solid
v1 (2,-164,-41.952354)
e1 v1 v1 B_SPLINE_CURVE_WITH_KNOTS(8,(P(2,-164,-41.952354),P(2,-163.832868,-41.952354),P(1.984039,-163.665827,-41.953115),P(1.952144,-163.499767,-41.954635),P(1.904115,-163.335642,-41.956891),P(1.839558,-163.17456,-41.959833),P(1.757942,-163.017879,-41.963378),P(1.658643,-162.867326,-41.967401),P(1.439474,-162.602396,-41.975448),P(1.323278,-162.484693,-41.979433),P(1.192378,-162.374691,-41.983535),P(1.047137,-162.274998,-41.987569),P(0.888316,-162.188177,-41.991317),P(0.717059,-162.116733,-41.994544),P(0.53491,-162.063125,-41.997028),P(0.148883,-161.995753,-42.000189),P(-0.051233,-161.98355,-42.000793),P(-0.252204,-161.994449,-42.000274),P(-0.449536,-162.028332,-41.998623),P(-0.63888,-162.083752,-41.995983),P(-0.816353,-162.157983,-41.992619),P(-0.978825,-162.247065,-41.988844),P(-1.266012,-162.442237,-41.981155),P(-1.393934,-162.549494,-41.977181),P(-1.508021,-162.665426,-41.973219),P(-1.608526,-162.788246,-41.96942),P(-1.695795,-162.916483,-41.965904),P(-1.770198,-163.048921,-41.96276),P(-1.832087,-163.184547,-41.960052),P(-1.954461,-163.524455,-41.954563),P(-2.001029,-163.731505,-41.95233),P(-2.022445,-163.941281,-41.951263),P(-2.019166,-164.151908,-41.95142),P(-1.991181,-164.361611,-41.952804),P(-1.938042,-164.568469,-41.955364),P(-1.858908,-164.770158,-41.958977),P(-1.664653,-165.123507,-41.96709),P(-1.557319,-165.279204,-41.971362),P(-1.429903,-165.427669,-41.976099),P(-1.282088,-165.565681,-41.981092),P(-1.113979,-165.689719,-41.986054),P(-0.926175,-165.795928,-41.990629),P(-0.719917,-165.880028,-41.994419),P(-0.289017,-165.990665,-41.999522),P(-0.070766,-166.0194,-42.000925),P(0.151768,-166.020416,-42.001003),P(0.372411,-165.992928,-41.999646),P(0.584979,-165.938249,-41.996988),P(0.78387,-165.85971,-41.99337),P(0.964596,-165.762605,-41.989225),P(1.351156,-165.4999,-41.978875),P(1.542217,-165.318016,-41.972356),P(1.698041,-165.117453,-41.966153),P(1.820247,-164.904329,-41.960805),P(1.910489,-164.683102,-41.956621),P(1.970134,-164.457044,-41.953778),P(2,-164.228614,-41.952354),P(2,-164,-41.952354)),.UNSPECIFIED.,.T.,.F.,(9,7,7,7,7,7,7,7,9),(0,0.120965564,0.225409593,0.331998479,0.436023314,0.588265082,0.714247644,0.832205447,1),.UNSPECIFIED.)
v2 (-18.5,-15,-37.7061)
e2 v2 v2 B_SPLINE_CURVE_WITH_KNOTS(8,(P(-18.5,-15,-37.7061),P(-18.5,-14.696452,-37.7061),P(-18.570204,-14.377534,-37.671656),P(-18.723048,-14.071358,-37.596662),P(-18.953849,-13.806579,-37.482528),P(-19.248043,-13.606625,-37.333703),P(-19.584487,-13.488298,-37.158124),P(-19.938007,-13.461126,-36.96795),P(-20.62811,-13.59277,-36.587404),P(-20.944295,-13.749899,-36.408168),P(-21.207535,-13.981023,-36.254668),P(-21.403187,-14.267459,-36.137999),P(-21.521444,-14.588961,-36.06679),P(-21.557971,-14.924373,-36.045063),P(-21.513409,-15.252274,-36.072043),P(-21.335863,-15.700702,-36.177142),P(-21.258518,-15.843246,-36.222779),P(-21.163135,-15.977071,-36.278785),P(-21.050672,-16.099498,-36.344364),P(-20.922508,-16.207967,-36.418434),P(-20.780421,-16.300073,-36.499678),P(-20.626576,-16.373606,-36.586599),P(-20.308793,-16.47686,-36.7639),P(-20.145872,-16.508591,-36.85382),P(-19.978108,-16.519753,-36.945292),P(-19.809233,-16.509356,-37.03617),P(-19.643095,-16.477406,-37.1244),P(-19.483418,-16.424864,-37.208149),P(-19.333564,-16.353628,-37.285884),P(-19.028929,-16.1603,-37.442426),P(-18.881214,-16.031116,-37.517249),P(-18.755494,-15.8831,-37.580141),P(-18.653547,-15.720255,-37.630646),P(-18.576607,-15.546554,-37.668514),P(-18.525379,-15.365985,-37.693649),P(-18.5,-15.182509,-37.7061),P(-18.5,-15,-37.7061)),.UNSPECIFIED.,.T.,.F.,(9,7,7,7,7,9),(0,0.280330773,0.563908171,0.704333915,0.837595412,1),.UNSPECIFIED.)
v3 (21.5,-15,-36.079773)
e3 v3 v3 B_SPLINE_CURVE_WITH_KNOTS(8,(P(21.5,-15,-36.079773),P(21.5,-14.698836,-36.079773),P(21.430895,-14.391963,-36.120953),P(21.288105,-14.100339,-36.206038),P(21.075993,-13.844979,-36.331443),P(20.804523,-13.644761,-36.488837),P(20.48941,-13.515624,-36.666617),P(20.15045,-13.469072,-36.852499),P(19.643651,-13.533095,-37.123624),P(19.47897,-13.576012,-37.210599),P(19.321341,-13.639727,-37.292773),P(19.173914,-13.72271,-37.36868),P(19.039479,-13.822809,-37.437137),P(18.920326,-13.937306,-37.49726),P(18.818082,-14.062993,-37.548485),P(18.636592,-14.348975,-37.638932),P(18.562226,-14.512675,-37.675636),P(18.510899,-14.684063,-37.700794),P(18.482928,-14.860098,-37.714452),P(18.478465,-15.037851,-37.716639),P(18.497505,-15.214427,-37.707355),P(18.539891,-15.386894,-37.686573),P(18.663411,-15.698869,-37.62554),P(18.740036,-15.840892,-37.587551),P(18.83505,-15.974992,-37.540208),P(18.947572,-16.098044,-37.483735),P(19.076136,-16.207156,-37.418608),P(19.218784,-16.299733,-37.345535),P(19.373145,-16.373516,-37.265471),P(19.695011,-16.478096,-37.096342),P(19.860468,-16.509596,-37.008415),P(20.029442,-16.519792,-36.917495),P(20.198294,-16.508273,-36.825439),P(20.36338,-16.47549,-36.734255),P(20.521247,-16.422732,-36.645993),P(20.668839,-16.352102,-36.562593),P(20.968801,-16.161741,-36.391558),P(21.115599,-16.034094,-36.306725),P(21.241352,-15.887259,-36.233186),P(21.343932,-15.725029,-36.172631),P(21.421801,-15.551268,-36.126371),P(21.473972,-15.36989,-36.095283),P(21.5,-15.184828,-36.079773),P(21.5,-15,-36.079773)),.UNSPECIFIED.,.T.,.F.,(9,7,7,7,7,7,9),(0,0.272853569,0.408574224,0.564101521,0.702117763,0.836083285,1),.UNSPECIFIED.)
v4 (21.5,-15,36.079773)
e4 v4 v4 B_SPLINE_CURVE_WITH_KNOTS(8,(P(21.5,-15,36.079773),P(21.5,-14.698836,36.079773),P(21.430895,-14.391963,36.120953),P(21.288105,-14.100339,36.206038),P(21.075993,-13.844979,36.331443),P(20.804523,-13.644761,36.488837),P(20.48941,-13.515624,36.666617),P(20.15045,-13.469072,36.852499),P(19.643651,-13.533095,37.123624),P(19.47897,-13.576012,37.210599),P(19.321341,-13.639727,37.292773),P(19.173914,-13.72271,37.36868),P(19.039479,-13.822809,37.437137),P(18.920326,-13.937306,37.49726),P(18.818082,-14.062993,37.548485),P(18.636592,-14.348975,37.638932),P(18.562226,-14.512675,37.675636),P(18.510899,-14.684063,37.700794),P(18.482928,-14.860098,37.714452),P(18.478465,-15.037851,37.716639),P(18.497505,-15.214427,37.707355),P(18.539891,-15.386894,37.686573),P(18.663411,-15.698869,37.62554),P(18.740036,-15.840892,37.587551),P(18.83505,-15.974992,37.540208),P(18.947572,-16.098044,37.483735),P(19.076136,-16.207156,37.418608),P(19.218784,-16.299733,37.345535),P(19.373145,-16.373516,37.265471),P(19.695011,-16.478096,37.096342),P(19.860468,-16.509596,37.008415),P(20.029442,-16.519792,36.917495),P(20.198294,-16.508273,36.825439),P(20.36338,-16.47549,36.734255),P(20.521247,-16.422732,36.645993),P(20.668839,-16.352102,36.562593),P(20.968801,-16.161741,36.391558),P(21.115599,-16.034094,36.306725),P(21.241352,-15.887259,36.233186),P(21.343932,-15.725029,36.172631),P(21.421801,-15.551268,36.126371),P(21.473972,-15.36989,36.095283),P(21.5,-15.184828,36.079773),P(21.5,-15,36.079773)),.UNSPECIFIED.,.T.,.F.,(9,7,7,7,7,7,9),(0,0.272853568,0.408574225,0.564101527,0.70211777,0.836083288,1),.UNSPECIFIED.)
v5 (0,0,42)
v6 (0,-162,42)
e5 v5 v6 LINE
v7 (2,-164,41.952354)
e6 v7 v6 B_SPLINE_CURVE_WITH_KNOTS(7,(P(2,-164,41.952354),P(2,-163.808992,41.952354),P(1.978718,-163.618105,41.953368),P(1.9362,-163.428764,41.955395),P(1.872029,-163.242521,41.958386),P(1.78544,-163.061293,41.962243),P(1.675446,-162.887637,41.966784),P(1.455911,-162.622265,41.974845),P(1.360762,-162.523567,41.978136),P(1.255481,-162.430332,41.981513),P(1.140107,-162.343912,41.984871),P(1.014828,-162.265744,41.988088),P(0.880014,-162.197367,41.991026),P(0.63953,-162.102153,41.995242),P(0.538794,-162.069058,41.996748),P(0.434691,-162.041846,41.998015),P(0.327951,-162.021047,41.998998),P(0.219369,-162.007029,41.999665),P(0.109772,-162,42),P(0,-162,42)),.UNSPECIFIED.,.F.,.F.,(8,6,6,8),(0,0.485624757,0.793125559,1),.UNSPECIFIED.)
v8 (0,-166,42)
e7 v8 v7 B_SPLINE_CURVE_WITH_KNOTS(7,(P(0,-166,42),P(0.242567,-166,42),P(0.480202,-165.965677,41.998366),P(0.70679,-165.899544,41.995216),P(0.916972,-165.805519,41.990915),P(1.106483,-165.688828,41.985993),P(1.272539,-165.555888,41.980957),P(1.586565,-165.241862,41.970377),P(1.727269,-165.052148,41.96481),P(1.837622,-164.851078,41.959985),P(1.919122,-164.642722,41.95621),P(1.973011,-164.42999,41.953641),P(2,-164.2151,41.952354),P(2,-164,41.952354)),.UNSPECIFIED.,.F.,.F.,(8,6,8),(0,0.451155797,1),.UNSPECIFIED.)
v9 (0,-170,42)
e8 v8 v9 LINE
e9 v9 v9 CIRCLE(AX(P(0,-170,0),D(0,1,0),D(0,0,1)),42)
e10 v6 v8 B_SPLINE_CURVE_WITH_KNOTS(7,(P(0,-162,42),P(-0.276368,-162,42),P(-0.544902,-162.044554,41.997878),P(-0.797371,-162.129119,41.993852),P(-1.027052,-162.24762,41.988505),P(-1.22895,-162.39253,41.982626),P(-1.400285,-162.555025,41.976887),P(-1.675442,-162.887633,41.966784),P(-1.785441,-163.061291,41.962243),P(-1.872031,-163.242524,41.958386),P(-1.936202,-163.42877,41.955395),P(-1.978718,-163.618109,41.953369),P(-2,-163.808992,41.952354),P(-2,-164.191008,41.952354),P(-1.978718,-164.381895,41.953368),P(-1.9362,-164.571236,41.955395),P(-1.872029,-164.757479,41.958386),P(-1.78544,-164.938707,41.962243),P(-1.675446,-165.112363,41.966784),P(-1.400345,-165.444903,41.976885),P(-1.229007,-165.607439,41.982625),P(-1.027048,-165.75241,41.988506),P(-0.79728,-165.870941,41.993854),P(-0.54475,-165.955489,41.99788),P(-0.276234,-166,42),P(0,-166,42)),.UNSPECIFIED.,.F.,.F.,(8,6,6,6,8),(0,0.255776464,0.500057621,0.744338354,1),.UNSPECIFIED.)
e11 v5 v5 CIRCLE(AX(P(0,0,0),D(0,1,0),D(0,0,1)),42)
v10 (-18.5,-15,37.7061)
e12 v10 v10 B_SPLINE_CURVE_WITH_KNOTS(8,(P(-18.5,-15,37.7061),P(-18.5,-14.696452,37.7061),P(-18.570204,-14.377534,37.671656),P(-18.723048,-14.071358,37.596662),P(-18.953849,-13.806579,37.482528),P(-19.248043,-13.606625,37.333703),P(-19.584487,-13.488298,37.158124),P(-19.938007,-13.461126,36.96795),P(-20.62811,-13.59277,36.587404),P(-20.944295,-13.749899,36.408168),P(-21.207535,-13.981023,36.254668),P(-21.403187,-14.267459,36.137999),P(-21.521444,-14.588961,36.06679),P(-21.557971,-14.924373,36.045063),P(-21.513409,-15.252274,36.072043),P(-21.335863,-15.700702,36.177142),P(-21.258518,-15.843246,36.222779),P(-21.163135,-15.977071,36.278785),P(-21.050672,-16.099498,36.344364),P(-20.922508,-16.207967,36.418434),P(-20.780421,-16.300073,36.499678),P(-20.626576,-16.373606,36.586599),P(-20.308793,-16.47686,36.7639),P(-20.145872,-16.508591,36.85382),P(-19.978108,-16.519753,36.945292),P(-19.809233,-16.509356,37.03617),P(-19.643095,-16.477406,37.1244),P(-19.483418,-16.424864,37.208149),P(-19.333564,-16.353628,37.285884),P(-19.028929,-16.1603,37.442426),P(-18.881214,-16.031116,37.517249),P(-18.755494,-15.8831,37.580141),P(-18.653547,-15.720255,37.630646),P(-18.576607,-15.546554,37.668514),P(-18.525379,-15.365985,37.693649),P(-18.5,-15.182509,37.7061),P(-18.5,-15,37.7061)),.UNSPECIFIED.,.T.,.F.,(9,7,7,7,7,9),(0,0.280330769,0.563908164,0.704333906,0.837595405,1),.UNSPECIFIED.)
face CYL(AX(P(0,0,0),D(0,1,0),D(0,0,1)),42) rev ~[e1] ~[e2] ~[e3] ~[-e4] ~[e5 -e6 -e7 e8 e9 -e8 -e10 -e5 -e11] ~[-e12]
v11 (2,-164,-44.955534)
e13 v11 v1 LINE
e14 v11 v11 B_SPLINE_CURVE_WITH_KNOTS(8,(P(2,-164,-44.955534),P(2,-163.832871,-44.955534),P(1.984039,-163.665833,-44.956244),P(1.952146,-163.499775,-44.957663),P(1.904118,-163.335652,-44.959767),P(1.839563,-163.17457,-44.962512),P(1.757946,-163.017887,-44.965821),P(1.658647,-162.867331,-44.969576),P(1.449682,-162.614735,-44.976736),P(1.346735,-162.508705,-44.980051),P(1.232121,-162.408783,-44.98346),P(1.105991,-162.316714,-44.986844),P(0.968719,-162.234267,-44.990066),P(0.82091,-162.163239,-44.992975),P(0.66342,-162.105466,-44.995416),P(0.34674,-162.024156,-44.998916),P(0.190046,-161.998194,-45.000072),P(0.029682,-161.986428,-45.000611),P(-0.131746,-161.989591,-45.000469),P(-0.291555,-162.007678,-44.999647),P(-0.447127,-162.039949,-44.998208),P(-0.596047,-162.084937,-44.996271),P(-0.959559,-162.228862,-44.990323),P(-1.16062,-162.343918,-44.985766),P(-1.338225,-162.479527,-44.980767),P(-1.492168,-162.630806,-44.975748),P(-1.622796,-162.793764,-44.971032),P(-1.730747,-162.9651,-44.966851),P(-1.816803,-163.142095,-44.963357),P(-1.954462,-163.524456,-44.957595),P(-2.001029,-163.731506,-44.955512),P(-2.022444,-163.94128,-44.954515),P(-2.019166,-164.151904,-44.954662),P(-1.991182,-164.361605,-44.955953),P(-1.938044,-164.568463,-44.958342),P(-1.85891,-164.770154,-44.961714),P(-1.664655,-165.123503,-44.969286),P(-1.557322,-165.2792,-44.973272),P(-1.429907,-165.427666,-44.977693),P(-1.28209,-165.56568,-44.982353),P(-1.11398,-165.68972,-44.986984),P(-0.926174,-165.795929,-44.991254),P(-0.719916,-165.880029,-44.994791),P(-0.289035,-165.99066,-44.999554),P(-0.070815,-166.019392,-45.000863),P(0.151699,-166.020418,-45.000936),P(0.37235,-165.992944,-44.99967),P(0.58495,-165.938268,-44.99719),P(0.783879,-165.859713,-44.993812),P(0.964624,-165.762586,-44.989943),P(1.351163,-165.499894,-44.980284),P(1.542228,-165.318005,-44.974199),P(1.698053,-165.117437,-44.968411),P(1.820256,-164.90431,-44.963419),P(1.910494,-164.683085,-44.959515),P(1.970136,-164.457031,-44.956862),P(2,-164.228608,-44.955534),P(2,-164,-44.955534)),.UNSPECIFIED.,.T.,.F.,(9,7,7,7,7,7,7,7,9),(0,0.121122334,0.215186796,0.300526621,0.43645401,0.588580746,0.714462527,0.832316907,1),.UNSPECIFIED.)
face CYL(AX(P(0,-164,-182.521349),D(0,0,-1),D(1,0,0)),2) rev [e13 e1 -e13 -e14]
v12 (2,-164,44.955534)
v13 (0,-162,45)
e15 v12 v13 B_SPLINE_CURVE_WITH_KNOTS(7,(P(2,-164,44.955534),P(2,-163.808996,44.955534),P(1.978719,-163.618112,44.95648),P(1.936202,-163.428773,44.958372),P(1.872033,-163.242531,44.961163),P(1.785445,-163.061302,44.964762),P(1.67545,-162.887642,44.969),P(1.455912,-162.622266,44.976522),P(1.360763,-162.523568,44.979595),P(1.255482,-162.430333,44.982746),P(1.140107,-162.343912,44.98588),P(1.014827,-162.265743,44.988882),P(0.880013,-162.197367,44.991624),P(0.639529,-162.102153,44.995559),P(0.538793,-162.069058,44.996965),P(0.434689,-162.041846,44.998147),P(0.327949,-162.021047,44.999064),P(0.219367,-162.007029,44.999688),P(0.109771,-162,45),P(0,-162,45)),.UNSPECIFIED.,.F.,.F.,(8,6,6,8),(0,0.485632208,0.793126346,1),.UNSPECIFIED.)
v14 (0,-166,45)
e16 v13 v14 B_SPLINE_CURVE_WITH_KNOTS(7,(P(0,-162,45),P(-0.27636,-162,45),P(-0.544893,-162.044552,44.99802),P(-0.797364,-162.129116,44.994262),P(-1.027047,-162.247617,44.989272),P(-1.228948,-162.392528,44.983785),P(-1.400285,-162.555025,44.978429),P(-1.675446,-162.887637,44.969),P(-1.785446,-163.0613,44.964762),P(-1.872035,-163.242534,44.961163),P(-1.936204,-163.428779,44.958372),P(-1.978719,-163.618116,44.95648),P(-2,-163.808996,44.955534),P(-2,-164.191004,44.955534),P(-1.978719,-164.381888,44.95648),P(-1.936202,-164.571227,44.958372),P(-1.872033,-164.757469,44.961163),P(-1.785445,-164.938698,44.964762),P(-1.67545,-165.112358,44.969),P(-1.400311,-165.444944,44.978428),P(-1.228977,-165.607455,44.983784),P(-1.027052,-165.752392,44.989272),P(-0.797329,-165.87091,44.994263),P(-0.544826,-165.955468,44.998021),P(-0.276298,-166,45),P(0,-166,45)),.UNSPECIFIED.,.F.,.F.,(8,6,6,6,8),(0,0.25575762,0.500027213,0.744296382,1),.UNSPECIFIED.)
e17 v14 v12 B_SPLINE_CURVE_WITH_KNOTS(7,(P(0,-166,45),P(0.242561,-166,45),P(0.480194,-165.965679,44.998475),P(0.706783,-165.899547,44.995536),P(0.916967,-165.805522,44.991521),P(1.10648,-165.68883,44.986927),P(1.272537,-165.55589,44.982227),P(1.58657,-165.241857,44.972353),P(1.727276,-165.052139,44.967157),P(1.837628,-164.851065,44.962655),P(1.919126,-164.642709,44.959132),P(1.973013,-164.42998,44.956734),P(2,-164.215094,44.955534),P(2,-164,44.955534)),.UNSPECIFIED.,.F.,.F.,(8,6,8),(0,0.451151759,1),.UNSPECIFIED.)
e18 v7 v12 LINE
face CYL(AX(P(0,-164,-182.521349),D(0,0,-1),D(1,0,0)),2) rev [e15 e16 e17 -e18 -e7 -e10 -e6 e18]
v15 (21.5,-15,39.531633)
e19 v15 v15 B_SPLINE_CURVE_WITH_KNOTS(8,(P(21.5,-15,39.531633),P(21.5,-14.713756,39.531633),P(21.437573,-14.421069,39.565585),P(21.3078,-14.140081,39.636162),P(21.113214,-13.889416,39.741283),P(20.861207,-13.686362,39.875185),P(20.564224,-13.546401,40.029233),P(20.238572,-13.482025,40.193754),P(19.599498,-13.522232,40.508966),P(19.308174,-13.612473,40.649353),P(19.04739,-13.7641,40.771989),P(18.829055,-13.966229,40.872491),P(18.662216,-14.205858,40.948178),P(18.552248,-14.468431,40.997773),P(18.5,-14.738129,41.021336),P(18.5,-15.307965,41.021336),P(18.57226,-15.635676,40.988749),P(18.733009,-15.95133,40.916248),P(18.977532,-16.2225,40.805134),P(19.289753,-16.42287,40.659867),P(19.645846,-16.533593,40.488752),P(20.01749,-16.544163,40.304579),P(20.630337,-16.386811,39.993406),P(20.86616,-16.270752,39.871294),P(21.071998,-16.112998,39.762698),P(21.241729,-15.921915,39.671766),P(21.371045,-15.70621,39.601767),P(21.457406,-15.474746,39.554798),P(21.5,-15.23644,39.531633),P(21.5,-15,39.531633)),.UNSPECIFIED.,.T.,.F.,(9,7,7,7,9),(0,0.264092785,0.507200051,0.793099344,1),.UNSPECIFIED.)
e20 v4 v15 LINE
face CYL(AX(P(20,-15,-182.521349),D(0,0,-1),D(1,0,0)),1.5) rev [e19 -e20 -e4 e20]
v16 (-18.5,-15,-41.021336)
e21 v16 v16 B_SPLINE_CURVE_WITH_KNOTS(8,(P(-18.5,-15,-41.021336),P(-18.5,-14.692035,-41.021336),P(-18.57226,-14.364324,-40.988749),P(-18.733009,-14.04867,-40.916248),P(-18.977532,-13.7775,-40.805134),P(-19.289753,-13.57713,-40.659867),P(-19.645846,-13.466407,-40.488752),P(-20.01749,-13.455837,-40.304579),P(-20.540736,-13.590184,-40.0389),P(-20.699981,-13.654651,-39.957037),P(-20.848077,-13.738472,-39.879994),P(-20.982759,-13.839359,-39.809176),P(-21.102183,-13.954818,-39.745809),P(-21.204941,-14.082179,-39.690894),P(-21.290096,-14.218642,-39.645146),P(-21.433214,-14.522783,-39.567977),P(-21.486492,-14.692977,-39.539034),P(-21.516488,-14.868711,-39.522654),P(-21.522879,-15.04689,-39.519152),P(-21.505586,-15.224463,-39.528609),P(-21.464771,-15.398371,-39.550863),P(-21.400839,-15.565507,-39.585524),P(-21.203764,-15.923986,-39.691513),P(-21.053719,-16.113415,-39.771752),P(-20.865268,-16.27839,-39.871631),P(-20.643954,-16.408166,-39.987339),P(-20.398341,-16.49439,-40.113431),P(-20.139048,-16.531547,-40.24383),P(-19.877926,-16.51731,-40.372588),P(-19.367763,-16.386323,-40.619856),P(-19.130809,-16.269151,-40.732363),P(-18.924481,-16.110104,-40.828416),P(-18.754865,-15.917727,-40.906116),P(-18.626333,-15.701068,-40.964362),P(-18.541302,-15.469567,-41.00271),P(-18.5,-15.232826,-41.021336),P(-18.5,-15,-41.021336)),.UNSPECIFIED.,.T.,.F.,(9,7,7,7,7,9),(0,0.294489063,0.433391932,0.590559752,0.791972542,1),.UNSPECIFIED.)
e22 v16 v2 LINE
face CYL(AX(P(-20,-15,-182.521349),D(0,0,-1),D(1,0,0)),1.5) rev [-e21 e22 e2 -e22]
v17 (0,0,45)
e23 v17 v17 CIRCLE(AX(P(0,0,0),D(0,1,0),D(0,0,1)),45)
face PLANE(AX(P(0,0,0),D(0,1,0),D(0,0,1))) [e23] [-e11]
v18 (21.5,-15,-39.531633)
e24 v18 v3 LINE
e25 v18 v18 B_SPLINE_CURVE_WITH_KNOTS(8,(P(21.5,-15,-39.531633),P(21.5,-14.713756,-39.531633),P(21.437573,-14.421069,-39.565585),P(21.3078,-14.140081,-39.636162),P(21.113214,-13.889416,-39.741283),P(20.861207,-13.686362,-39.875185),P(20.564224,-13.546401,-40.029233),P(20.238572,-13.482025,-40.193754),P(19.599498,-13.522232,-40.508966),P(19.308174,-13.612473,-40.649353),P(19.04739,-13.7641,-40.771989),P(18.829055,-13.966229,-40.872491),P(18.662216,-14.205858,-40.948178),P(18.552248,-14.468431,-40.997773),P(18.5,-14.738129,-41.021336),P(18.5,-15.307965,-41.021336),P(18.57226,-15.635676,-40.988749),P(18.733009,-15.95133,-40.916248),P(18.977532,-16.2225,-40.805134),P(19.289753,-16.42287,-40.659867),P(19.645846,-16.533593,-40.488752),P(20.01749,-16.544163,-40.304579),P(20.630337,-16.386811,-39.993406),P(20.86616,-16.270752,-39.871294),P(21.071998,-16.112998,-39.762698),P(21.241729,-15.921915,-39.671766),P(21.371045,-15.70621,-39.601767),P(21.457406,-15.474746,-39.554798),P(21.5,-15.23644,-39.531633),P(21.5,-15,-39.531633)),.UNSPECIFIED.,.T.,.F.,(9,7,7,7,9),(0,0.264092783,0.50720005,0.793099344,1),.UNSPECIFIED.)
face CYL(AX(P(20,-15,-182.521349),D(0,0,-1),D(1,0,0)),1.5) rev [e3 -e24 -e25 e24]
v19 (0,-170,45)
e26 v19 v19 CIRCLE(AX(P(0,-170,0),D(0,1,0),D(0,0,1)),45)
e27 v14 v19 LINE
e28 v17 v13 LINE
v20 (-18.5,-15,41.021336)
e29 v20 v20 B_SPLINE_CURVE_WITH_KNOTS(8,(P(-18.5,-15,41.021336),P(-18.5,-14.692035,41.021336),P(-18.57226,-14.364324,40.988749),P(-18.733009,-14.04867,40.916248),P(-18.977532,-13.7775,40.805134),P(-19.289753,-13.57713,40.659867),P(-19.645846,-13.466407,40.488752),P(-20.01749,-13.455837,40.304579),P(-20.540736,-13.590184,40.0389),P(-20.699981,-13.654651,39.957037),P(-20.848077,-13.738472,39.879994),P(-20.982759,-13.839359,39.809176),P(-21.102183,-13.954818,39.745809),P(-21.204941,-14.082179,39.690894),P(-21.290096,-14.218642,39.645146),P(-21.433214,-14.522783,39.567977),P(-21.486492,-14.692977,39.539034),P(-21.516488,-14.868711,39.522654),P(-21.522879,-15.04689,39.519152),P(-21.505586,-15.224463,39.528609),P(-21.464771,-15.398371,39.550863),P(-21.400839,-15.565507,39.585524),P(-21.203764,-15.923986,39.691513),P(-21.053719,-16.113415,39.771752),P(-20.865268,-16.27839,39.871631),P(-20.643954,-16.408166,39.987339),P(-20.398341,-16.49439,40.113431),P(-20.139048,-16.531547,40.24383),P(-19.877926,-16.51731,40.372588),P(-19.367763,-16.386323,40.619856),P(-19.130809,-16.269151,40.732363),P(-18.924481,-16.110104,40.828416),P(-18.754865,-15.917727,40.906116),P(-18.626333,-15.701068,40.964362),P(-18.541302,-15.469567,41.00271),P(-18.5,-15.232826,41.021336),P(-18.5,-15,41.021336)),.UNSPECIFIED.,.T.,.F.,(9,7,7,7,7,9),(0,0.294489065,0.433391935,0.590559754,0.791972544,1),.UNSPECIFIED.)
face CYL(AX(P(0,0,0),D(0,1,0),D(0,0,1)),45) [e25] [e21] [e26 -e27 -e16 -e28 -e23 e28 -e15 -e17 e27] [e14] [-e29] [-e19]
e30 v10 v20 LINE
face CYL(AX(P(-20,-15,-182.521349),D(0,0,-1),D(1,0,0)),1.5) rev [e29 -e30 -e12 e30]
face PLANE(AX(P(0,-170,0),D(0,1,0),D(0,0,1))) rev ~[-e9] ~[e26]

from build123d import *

# Parameters (mm, degrees)
SKETCH1_R               = 45
SKETCH1_R_2             = 42
BOSS_EXTRUDE1_DEPTH     = 170
CUT_EXTRUDE1_DEPTH      = 182.521348607
CUT_EXTRUDE1_DEPTH_BACK = 182.521348607
SKETCH2_R               = 2
SKETCH2_R_2             = 1.5


with BuildPart() as part:
    # Sketch1 → Boss-Extrude1 (new body)
    with BuildSketch(Plane(origin=(0, 0, 0), x_dir=(1, 0, 0), z_dir=(0, 1, 0))):
        with Locations(Location((0, 0, 0), (0, 0, 270))):
            Circle(SKETCH1_R)
        with Locations(Location((0, 0, 0), (0, 0, 270))):
            Circle(SKETCH1_R_2, mode=Mode.SUBTRACT)
    extrude(amount=-BOSS_EXTRUDE1_DEPTH)

    # Sketch2 → Cut-Extrude1 (cut, two sides: drawn at the far end of the back side and taken through both)
    with BuildSketch(Plane.XY.offset(-CUT_EXTRUDE1_DEPTH_BACK)):
        with Locations((0, -164)):
            Circle(SKETCH2_R)
        with Locations((-20, -15)):
            Circle(SKETCH2_R_2)
        with Locations((20, -15)):
            Circle(SKETCH2_R_2)
    extrude(amount=CUT_EXTRUDE1_DEPTH + CUT_EXTRUDE1_DEPTH_BACK, mode=Mode.SUBTRACT)


solid = part.part
